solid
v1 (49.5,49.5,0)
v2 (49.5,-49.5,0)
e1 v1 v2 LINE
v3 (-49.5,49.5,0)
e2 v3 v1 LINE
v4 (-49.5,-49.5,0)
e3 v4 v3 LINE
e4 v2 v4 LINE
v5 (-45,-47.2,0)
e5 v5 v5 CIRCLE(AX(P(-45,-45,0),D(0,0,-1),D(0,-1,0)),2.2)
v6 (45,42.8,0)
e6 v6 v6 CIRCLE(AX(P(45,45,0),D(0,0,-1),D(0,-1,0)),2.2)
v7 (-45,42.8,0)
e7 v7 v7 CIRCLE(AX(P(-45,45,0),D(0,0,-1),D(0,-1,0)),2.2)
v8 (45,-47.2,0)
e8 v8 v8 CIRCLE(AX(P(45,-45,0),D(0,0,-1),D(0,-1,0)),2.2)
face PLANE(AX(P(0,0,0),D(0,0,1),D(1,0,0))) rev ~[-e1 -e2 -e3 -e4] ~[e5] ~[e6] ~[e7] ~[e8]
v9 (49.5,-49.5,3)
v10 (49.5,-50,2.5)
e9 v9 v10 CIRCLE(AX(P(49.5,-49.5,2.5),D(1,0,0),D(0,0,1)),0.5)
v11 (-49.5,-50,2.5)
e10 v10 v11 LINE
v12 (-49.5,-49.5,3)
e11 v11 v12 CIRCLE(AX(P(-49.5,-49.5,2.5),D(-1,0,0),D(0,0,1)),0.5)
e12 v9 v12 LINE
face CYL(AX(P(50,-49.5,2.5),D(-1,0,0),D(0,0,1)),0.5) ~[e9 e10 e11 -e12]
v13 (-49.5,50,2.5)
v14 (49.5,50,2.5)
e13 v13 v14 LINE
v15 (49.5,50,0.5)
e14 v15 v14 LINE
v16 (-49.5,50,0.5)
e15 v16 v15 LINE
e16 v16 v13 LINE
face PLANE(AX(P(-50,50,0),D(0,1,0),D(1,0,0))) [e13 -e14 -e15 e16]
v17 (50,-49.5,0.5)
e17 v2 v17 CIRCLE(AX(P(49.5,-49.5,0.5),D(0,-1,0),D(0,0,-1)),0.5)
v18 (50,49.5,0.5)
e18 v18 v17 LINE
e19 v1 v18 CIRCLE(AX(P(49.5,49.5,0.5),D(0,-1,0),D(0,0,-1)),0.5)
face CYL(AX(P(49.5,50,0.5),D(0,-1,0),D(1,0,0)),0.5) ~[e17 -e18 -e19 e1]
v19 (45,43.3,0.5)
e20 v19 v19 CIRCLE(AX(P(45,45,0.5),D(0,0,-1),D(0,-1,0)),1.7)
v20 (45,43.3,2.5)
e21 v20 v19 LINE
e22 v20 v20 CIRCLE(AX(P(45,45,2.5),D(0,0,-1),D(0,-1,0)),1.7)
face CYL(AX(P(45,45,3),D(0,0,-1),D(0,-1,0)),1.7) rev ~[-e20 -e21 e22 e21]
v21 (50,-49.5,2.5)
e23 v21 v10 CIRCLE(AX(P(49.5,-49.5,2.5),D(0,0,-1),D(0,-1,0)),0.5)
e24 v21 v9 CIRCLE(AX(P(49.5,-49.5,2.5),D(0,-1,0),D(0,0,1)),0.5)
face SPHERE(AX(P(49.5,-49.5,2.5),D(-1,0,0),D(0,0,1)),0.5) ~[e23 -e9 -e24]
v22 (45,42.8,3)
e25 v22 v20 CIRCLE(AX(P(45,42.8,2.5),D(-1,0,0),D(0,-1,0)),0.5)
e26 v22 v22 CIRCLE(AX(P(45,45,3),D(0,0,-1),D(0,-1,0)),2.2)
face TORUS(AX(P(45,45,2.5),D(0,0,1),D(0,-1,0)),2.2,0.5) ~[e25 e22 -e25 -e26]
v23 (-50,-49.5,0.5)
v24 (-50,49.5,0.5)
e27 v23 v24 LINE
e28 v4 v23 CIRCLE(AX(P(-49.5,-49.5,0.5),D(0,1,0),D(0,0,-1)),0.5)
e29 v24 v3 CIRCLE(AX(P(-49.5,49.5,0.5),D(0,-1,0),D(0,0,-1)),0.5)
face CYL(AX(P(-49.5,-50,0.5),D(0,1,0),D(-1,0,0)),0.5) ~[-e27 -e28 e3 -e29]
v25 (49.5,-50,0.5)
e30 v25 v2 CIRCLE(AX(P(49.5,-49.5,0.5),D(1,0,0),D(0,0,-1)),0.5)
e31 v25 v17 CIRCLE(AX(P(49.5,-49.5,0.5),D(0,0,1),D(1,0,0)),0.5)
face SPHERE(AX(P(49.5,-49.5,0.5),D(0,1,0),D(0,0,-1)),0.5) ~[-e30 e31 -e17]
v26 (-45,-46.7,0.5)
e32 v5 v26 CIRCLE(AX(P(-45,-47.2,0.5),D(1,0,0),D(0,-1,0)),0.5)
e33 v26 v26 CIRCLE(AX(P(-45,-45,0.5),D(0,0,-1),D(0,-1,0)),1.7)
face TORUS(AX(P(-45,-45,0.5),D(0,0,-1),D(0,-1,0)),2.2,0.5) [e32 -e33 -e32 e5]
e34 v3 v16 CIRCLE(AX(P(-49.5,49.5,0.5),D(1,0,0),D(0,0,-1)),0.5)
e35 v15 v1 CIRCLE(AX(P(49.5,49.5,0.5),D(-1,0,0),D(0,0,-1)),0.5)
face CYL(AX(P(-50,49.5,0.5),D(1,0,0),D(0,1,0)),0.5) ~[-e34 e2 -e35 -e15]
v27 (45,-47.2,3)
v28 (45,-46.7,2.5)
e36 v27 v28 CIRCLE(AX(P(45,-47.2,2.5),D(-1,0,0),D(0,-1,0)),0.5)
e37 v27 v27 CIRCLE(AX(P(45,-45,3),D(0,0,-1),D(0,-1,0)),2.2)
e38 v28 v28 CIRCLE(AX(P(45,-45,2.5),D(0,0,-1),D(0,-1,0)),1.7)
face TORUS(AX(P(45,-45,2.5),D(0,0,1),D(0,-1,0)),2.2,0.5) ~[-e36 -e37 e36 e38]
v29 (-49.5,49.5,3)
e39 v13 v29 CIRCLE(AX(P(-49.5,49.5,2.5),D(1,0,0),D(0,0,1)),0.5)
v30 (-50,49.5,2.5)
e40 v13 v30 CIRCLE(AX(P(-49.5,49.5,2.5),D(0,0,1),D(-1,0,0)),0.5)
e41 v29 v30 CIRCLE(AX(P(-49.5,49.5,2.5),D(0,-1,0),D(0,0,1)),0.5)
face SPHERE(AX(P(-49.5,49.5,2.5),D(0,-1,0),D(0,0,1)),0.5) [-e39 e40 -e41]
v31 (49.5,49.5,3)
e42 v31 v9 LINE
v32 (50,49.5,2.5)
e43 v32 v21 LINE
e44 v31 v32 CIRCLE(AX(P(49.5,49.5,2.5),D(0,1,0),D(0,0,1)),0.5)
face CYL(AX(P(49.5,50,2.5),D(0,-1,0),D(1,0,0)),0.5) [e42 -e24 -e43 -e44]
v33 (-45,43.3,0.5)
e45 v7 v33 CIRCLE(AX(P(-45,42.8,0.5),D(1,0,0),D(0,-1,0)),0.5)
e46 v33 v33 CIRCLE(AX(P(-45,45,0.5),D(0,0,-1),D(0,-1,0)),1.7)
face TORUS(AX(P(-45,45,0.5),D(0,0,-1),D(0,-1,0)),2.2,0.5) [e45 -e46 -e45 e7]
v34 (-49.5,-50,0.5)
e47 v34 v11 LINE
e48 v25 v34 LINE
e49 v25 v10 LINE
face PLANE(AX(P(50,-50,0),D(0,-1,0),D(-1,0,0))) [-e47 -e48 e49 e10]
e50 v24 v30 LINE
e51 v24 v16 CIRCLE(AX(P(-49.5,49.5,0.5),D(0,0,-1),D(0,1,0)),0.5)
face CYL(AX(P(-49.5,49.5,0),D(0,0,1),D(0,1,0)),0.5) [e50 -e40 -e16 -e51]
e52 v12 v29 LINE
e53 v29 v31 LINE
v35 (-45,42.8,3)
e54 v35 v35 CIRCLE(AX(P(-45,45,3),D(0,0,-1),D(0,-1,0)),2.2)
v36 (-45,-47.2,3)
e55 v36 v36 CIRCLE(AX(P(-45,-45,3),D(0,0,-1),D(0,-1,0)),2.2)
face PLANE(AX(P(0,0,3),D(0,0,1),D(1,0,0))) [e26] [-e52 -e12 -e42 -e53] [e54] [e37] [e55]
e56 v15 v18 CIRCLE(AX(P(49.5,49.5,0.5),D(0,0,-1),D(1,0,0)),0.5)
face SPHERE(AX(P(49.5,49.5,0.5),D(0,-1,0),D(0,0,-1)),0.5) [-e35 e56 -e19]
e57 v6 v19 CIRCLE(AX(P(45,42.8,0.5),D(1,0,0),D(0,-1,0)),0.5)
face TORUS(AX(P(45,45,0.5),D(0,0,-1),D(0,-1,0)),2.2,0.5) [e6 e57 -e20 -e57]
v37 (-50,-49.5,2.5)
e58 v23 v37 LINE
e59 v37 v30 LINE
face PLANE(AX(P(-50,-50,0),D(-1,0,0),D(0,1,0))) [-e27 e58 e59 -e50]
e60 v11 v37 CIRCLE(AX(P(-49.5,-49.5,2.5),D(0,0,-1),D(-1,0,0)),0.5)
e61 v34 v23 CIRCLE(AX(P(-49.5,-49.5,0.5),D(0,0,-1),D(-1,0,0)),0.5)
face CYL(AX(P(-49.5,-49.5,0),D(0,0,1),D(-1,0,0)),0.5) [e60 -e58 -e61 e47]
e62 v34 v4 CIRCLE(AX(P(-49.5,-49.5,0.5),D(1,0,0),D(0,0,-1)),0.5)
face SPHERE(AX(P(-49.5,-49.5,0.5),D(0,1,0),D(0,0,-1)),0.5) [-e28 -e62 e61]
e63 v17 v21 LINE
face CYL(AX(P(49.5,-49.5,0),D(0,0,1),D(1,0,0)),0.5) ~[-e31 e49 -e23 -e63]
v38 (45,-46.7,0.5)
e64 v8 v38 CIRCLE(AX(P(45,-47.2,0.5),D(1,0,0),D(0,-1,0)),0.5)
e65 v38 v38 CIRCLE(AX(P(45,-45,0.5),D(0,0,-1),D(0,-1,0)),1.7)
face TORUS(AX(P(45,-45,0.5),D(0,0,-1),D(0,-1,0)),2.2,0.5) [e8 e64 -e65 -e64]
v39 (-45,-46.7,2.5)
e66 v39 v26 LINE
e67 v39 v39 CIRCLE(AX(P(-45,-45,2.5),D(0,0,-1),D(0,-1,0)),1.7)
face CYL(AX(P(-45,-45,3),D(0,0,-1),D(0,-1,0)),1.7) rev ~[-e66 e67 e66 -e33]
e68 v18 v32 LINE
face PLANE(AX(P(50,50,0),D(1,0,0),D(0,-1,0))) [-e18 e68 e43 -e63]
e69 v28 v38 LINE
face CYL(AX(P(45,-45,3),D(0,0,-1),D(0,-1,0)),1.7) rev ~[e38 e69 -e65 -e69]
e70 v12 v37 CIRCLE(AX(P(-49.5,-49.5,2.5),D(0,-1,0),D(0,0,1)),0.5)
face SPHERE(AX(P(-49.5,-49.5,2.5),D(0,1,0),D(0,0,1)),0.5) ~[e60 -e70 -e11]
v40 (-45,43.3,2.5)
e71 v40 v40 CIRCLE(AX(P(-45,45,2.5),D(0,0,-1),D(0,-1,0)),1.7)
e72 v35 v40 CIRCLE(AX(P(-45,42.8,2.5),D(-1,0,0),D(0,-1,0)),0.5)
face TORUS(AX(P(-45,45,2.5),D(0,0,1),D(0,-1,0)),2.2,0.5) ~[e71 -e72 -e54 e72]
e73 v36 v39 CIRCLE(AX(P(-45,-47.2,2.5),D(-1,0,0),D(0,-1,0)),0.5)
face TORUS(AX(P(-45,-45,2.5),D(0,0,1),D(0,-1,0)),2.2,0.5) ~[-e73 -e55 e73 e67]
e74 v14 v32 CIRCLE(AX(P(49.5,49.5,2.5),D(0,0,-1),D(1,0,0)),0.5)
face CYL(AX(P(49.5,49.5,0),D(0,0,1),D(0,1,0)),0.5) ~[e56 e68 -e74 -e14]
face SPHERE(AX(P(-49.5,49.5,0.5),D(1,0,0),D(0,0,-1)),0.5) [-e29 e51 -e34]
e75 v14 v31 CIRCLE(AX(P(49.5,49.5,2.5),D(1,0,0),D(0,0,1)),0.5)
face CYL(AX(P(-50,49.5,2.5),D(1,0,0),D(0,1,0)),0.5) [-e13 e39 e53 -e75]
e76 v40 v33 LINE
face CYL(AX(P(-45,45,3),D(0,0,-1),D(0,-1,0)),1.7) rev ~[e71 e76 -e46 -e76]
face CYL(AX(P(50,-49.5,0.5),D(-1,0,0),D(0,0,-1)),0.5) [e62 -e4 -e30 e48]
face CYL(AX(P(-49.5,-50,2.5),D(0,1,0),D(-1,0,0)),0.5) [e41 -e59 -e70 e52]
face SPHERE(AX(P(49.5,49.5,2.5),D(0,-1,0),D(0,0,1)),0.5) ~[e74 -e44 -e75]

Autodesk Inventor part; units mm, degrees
ref_plane "YZ Plane" through (0, 0, 0) normal (1, 0, 0) x (0, 1, 0)
ref_plane "XZ Plane" through (0, 0, 0) normal (0, 1, 0) x (-1, 0, 0)
ref_plane "XY Plane" through (0, 0, 0) normal (0, 0, 1) x (1, 0, 0)
sketch "Sketch1" plane through (0, 0, 0) normal (0, 0, 1) x (1, 0, 0)
  line L0 (-50, 50) -> (50, 50)
  line L1 (50, 50) -> (50, -50)
  line L2 (50, -50) -> (-50, -50)
  line L3 (-50, -50) -> (-50, 50)
  point P0 (0, 0)
  dimension "d0" = 100
  dimension "d1" = 100
  dimension "d2" = 50
  dimension "d3" = 50
extrude "Extrusion1" add sketch "Sketch1" along normal blind 3
hole "Hole1" at (-45, 45, 3) direction (0, 0, -1) diameter 3.4 end through all clearance for "Flat Head Machine Screw" size "M3" standard "Ansi Metric M Profile"
hole "Hole2" at (45, 45, 3) direction (0, 0, -1) diameter 3.4 end through all clearance for "Flat Head Machine Screw" size "M3" standard "Ansi Metric M Profile"
hole "Hole3" at (-45, -45, 3) direction (0, 0, -1) diameter 3.4 end through all clearance for "Flat Head Machine Screw" size "M3" standard "Ansi Metric M Profile"
hole "Hole4" at (45, -45, 3) direction (0, 0, -1) diameter 3.4 end through all clearance for "Flat Head Machine Screw" size "M3" standard "Ansi Metric M Profile"
fillet "Fillet1" radius 0.5 20 edges at (-50, 0, 3) (0, -50, 3) (50, 0, 3) (0, 50, 3) (-45, 46.7, 3) (-45, 46.7, 0) (45, 46.7, 3) (45, 46.7, 0) (50, 0, 0) (0, 50, 0) (-50, 0, 0) (0, -50, 0) (45, -43.3, 3) (45, -43.3, 0) (-45, -43.3, 3) (-45, -43.3, 0) (50, 50, 1.5) (50, -50, 1.5) (-50, -50, 1.5) (-50, 50, 1.5)
equation "\"d1\" = d0"
equation "\"d2\" = 0.5 * d0"
equation "\"d3\" = 0.5 * d0"
properties part number "Platform" material "Polycarbonate, Clear"
